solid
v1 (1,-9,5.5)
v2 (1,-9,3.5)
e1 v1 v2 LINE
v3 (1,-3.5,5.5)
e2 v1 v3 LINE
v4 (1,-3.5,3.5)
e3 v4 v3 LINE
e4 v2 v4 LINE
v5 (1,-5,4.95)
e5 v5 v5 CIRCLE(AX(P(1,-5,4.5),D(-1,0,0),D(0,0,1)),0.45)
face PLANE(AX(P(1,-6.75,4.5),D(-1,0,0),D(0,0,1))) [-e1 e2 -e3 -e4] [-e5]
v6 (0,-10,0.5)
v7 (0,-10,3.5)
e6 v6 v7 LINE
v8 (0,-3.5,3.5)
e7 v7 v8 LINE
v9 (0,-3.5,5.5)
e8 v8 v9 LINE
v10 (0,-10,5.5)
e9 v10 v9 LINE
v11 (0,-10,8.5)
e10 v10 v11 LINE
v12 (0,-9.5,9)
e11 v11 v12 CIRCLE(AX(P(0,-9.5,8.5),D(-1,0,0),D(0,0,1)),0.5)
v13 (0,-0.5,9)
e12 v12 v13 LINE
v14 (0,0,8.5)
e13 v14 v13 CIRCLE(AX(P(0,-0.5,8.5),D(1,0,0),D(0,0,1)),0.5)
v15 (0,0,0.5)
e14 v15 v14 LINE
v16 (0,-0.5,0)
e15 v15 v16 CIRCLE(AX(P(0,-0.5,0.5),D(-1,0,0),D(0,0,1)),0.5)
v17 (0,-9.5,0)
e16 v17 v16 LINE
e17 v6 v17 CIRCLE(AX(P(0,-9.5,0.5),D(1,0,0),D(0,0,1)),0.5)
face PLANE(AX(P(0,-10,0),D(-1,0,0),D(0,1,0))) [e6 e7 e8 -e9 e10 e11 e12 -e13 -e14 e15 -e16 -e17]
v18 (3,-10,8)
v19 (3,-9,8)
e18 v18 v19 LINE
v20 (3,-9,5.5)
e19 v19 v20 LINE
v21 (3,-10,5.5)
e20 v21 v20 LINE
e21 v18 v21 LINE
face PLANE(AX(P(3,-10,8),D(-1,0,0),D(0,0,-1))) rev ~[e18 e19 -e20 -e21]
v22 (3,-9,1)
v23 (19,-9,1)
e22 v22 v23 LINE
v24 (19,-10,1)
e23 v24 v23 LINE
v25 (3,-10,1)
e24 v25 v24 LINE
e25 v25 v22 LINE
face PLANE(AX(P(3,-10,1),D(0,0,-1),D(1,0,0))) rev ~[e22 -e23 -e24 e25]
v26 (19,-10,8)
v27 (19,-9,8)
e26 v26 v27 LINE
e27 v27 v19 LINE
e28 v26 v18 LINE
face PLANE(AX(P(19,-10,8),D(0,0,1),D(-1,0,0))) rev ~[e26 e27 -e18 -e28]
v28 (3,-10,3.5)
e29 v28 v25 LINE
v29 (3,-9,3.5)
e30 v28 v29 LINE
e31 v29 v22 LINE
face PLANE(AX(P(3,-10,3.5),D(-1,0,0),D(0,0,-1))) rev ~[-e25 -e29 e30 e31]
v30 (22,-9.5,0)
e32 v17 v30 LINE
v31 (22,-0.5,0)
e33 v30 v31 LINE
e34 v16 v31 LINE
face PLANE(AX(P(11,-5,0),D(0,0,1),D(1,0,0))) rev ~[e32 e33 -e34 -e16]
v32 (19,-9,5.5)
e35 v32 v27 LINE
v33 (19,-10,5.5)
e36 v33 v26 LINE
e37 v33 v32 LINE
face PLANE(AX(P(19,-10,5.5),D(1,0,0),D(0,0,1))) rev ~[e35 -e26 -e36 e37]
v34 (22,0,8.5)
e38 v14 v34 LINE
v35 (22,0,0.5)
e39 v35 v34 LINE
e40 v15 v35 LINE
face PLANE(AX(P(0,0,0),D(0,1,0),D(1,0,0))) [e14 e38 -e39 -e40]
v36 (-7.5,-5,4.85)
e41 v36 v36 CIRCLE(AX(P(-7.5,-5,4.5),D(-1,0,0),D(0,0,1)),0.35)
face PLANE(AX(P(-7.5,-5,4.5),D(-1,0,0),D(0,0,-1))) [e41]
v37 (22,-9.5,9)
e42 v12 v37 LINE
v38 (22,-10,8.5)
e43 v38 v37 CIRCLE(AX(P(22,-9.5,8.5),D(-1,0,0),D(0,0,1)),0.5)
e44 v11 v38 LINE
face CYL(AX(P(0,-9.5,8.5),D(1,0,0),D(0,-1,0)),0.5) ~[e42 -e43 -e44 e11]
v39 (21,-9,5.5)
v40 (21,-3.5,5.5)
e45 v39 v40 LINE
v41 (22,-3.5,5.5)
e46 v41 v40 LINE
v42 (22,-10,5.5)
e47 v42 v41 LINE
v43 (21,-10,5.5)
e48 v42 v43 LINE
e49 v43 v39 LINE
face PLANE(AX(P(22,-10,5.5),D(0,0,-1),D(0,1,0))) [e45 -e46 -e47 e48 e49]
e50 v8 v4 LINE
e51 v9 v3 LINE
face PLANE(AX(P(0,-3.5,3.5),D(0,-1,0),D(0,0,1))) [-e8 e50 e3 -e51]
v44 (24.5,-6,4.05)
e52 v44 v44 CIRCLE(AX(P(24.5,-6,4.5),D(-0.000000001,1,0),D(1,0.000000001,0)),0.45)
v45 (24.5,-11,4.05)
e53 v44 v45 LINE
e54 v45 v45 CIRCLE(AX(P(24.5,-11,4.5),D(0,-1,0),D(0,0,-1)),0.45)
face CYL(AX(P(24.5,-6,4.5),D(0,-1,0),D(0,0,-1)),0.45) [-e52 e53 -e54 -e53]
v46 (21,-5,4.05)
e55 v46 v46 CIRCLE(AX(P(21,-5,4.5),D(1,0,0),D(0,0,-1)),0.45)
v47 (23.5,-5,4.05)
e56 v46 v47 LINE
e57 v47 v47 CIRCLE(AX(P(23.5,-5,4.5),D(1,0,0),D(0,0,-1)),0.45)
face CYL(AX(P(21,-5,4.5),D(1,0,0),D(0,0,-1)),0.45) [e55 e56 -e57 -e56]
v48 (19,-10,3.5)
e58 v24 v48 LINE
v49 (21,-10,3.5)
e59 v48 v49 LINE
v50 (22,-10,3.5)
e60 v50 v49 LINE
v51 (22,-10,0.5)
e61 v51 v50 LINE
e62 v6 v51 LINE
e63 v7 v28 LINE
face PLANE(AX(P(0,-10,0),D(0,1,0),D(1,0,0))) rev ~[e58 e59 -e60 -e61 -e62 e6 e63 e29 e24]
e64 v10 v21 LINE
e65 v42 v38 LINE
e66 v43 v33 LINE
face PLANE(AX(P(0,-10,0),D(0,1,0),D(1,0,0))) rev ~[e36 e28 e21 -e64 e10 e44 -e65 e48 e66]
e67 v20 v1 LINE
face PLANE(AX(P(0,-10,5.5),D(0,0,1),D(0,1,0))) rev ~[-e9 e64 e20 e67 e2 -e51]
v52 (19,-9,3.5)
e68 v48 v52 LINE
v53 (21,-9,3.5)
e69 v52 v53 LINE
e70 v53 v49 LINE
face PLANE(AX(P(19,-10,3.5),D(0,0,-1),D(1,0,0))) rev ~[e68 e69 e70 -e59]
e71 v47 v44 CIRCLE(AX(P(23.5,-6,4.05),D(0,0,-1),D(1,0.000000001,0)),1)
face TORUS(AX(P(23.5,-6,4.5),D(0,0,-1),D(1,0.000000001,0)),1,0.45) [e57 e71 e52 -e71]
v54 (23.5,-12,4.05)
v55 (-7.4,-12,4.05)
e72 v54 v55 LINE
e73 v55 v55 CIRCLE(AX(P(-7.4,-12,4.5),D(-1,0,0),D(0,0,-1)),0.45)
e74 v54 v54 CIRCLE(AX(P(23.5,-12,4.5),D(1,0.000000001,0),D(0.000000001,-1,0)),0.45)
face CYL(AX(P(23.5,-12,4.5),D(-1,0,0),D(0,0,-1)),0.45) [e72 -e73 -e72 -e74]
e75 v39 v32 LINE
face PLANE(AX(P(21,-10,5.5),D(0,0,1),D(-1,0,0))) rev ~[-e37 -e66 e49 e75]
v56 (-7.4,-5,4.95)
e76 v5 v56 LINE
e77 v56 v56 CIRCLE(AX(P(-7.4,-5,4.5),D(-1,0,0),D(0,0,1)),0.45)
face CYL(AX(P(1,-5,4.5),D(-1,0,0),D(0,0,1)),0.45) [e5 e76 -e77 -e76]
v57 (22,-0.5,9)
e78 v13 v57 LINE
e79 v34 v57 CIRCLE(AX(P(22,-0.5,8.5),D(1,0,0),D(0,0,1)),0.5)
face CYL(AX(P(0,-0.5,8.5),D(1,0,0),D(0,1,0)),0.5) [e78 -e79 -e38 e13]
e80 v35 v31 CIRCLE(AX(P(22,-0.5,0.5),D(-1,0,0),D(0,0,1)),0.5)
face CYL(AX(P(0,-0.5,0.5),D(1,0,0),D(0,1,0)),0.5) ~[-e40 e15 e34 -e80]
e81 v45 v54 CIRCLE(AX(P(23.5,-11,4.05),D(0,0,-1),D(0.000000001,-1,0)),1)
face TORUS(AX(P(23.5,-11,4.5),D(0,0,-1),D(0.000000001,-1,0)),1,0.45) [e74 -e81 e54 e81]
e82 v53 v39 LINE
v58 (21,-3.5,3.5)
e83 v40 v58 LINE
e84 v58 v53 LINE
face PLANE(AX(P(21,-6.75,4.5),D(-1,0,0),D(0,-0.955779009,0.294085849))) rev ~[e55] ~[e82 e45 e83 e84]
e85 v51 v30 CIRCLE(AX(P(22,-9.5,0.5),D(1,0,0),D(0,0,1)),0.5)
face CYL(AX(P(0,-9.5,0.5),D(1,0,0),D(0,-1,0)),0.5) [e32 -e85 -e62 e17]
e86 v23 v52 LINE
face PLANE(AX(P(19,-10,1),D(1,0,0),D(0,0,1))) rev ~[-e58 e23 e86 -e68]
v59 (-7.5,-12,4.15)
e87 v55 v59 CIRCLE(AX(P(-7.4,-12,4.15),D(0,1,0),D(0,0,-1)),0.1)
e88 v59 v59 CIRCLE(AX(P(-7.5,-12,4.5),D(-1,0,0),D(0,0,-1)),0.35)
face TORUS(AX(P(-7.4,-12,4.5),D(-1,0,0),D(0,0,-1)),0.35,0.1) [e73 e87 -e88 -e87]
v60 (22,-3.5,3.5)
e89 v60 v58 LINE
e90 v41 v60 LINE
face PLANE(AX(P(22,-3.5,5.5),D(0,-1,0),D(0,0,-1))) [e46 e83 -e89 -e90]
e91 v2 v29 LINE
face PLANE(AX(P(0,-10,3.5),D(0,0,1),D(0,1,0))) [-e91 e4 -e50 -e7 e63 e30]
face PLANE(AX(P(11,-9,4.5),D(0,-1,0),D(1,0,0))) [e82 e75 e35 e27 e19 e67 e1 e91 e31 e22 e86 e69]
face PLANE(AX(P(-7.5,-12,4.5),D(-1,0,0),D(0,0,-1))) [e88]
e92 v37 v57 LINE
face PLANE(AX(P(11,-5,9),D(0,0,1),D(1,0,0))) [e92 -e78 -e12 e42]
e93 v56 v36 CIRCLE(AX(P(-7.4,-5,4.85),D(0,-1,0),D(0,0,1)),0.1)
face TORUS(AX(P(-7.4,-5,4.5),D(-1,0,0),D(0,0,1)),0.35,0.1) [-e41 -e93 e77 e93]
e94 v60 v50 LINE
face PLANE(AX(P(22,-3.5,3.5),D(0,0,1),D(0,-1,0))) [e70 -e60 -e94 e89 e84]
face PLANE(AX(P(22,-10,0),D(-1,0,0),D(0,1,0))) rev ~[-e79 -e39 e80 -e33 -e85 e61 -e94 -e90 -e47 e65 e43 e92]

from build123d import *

# Parameters (mm, degrees)
SKETCH1_W           = 22
SKETCH1_H           = 10
BOSS_EXTRUDE1_DEPTH = 9
FILLET2_R           = 0.5
CUT_EXTRUDE4_DEPTH  = 1
SKETCH8_W           = 2
SKETCH8_H           = 6.5
CUT_EXTRUDE5_DEPTH  = 1
CUT_EXTRUDE6_DEPTH  = 1
SKETCH14_R          = 0.45
SKETCH15_R          = 0.45
FILLET4_R           = 0.1


with BuildPart() as part:
    # Sketch1 → Boss-Extrude1 (new body)
    with BuildSketch(Plane.XY):
        with Locations((11, -5)):
            Rectangle(SKETCH1_W, SKETCH1_H)
    extrude(amount=BOSS_EXTRUDE1_DEPTH)

    # Fillet2
    fillet2_edges = [part.edges().sort_by_distance(p)[0] for p in [
        (11, 0, 9),
        (11, 0, 0),
        (11, -10, 0),
        (11, -10, 9),
    ]]
    fillet(fillet2_edges, radius=FILLET2_R)

    # 3DSketch1 → Cut-Extrude4 (cut)
    with BuildSketch(Plane(origin=(22, -10, 5.5), x_dir=(0, 0.9557790087219501, -0.29408584883752314), z_dir=(1, 0, 0))):
        Polygon((0, 0), (6.212563557, 1.911558017), (6.800735254, 0), (0.588171698, -1.911558017), align=None)
    extrude(amount=-CUT_EXTRUDE4_DEPTH, mode=Mode.SUBTRACT)

    # Sketch8 → Cut-Extrude5 (cut)
    with BuildSketch(Plane.ZY):
        with Locations((4.5, -6.75)):
            Rectangle(SKETCH8_W, SKETCH8_H)
    extrude(amount=-CUT_EXTRUDE5_DEPTH, mode=Mode.SUBTRACT)

    # Sketch6 → Cut-Extrude6 (cut)
    with BuildSketch(Plane.XZ.offset(10)):
        Polygon((1, 5.5), (1, 3.5), (3, 3.5), (3, 1), (19, 1), (19, 3.5), (21, 3.5), (21, 5.5), (19, 5.5), (19, 8), (3, 8), (3, 5.5), align=None)
    extrude(amount=-CUT_EXTRUDE6_DEPTH, mode=Mode.SUBTRACT)

    # Sweep2: sweep along a curve in space
    with BuildLine() as sweep2_path:
        Line((21, -5, 4.5), (23.5, -5, 4.5))
        ThreePointArc((24.5, -6, 4.5), (24.207106781, -5.292893219, 4.5), (23.5, -5, 4.5))
        Line((24.5, -6, 4.5), (24.5, -11, 4.5))
        ThreePointArc((23.5, -12, 4.5), (24.207106781, -11.707106781, 4.5), (24.5, -11, 4.5))
        Line((23.5, -12, 4.5), (-7.5, -12, 4.5))
    # Sketch14 → Sweep2 (sweep)
    with BuildSketch(Plane(origin=(21, 0, 0), x_dir=(0, 0, -1), z_dir=(1, 0, 0))):
        with Locations((-4.5, -5)):
            Circle(SKETCH14_R)
    sweep(path=sweep2_path.line)

    # Sweep3: sweep along a curve in space
    with BuildLine() as sweep3_path:
        Line((1, -5, 4.5), (-7.5, -5, 4.5))
    # Sketch15 → Sweep3 (sweep)
    with BuildSketch(Plane.ZY.offset(-1)):
        with Locations((4.5, -5)):
            Circle(SKETCH15_R)
    sweep(path=sweep3_path.line)

    # Fillet4
    fillet4_edges = [part.edges().sort_by_distance(p)[0] for p in [
        (-7.5, -12, 4.95),
        (-7.5, -5, 4.05),
    ]]
    fillet(fillet4_edges, radius=FILLET4_R)


solid = part.part
